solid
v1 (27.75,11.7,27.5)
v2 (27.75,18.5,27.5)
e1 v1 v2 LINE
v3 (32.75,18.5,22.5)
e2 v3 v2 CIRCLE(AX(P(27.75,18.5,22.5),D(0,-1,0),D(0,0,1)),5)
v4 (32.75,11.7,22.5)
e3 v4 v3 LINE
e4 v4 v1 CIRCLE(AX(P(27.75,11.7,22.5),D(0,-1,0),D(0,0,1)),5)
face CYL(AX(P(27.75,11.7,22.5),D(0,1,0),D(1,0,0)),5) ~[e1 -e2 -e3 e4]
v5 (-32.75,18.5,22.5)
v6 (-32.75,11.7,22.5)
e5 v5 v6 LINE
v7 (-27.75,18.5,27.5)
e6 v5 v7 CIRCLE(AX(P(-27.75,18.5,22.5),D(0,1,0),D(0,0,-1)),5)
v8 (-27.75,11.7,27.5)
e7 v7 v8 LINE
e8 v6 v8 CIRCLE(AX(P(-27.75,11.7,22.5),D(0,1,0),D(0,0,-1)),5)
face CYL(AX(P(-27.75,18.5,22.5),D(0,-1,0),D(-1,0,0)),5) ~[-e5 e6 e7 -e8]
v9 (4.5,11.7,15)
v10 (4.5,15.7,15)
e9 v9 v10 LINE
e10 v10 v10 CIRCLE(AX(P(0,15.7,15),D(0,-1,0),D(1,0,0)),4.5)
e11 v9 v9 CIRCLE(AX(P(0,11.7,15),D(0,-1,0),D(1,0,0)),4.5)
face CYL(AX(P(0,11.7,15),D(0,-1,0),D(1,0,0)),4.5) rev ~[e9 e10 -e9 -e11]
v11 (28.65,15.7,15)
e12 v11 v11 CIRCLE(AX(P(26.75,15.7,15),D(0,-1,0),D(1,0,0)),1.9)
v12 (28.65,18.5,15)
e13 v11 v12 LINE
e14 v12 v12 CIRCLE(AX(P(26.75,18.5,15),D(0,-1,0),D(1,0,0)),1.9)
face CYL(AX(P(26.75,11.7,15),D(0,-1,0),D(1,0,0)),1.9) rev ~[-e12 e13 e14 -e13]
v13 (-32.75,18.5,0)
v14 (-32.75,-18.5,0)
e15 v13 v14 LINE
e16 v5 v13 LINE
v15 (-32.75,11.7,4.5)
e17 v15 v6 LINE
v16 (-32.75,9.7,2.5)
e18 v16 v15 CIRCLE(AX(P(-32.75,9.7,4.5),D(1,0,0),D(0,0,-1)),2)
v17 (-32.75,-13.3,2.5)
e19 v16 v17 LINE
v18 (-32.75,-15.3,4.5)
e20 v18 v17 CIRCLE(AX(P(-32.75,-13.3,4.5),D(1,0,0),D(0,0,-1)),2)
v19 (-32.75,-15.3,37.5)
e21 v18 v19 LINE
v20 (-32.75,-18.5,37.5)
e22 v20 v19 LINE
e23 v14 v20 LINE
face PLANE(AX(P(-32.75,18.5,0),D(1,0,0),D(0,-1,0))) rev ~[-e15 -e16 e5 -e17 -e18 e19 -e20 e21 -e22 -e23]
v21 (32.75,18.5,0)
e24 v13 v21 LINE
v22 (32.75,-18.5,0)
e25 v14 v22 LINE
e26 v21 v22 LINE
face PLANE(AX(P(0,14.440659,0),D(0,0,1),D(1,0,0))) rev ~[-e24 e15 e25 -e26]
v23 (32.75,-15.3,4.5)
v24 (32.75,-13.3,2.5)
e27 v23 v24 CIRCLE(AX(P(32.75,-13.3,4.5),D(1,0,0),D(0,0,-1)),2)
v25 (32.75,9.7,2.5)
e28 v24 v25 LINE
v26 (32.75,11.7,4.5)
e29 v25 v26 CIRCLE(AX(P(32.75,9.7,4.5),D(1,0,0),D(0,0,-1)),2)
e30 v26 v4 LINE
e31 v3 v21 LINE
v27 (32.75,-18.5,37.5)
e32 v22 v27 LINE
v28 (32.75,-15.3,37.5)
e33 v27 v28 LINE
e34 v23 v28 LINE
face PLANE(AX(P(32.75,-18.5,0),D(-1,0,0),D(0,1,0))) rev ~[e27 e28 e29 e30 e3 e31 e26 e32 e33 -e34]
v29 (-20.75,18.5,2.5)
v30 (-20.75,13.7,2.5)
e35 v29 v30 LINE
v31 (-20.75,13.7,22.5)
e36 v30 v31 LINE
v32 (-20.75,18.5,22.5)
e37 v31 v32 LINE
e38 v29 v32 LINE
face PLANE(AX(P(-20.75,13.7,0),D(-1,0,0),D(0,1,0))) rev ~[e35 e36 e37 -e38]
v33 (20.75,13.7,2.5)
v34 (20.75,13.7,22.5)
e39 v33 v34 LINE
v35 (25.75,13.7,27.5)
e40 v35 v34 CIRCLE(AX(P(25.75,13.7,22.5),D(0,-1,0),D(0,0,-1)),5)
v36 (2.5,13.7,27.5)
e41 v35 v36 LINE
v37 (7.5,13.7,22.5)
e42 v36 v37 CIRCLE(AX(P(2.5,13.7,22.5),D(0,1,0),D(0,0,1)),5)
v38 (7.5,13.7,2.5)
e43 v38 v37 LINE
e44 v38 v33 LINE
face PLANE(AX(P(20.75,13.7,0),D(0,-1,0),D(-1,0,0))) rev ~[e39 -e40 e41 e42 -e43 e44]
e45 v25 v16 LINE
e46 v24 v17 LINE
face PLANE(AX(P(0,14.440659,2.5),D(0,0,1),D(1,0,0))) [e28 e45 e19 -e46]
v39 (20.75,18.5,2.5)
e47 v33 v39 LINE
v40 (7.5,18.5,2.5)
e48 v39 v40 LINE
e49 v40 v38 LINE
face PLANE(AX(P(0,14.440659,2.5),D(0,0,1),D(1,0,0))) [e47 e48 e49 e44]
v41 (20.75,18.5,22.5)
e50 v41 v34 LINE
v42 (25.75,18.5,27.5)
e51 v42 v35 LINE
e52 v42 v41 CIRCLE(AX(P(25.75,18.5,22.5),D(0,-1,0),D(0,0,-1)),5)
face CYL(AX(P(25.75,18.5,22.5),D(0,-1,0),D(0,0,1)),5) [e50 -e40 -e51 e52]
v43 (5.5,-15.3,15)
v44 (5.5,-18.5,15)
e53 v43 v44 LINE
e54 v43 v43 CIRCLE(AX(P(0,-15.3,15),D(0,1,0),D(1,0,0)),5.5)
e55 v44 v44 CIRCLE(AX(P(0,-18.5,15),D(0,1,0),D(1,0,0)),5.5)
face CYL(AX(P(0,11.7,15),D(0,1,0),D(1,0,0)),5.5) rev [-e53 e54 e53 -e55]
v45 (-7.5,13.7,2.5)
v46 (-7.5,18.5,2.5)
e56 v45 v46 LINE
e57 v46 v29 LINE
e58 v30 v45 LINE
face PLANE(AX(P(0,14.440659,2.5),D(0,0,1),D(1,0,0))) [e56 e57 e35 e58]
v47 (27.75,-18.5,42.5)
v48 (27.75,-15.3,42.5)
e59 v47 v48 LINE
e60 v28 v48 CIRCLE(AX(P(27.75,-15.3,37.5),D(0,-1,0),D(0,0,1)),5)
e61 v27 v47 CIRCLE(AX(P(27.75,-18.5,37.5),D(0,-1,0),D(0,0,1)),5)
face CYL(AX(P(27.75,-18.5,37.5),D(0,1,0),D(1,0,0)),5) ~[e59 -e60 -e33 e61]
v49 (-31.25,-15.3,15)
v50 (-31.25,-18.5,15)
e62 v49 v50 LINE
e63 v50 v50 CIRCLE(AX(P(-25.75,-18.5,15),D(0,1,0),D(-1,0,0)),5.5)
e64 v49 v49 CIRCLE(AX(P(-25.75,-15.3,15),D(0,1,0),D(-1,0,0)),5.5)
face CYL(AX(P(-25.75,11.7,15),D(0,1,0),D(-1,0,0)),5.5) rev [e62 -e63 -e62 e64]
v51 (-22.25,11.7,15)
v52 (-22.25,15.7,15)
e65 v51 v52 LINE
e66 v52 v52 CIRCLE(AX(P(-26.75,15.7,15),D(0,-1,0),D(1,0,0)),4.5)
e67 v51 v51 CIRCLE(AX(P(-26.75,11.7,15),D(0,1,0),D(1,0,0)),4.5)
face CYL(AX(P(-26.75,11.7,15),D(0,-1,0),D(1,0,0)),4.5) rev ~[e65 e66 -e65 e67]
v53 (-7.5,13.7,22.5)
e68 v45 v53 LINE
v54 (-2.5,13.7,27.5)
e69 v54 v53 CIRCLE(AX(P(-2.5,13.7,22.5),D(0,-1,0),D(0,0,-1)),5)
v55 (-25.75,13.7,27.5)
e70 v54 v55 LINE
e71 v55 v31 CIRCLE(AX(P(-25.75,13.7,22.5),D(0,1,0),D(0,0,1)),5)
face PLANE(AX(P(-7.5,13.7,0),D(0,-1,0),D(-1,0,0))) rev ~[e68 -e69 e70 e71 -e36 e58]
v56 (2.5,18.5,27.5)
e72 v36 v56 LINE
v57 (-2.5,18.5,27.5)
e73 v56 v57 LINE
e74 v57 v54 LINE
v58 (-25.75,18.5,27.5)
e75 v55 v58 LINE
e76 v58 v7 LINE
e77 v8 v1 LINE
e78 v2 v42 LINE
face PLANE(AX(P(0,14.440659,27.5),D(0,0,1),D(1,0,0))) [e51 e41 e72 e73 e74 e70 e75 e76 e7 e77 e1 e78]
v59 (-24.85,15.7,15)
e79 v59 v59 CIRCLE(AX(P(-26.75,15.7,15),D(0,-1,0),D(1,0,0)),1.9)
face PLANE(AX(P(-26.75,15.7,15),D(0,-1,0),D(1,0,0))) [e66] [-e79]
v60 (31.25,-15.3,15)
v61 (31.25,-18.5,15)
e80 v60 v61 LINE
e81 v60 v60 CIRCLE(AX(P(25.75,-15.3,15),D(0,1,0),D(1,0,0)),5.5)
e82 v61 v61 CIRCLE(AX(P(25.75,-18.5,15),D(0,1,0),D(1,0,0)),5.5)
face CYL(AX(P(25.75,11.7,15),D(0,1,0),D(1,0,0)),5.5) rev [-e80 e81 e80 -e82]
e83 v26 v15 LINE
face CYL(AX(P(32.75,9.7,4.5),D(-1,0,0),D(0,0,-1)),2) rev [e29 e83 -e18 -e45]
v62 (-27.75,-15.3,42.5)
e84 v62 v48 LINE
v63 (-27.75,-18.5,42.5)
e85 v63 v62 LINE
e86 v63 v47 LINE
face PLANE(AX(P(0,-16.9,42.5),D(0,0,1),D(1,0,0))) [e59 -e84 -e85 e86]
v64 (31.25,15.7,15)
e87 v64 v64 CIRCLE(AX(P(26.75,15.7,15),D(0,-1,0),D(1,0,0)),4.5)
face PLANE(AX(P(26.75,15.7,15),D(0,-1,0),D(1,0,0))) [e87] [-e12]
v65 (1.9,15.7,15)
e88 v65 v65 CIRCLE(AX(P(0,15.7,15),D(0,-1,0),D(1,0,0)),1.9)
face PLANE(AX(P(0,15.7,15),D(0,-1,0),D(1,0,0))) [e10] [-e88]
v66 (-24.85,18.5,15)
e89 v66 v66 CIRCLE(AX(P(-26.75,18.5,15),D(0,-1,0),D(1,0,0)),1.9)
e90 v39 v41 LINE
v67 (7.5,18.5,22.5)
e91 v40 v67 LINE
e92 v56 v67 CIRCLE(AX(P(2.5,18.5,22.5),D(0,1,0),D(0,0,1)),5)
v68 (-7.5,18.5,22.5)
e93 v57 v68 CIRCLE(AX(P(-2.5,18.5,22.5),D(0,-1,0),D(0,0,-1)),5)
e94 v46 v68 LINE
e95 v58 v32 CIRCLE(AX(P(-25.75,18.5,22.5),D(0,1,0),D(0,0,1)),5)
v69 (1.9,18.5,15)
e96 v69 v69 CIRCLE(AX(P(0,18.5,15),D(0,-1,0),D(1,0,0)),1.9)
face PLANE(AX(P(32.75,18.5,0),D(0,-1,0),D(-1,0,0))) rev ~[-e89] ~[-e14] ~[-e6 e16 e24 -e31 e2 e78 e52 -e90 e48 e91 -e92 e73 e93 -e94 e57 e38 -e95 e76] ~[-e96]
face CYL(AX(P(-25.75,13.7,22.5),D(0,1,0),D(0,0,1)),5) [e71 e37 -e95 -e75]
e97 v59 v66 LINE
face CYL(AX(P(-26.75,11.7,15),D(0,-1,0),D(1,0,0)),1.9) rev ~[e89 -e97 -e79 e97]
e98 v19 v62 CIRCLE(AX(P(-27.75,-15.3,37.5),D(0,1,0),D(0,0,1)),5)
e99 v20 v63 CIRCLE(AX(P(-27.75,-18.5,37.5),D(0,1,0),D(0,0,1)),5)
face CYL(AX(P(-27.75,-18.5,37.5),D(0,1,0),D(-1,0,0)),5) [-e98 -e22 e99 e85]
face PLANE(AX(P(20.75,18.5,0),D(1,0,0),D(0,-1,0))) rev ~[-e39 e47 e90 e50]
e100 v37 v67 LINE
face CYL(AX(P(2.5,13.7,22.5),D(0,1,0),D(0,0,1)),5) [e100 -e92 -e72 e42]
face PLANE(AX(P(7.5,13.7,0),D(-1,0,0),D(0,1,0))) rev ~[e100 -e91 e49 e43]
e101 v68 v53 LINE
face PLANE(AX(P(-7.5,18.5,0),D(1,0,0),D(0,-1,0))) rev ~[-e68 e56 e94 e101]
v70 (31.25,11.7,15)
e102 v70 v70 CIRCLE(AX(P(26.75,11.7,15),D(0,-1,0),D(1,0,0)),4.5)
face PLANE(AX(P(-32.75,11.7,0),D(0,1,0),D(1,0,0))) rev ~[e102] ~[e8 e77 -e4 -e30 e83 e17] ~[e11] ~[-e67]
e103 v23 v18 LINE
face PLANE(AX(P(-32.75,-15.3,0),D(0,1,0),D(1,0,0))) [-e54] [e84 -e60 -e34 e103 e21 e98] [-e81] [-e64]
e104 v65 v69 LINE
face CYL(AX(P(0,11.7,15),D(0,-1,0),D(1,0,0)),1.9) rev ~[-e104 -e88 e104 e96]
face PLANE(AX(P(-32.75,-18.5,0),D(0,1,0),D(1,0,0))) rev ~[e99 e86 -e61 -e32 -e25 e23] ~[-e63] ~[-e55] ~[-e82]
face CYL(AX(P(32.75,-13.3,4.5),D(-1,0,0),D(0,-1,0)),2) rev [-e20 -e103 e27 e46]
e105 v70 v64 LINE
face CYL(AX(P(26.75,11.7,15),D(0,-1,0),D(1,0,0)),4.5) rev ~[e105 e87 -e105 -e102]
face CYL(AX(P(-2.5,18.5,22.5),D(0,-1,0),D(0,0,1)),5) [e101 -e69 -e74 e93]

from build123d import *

# Parameters (mm, degrees)
F0_W     = 13.25
F0_H     = 4.8
F0_W_2   = 65.5
F0_H_2   = 27
F0_H_3   = 3.2
F1_DEPTH = 2.5
F2_DEPTH = 27.5
F3_DEPTH = 42.5
F4_R     = 1.9
F5_DEPTH = 6.801
F4_R_2   = 4.5
F6_DEPTH = 4
F4_R_3   = 5.5
F7_DEPTH = 30.201
F8_R     = 5
F9_R     = 2


with BuildPart() as f1:
    # F0 (on Top) → F1 (new body)
    with BuildSketch(Plane.XY):
        Polygon((-20.75, 18.5), (-32.75, 18.5), (-32.75, 11.7), (32.75, 11.7), (32.75, 18.5), (20.75, 18.5), (20.75, 13.7), (7.5, 13.7), (7.5, 18.5), (-7.5, 18.5), (-7.5, 13.7), (-20.75, 13.7), align=None)
        with Locations((-14.125, 16.1)):
            Rectangle(F0_W, F0_H)
        with Locations((0, -1.8)):
            Rectangle(F0_W_2, F0_H_2)
        with Locations((0, -16.9)):
            Rectangle(F0_W_2, F0_H_3)
        with Locations((14.125, 16.1)):
            Rectangle(F0_W, F0_H)
    extrude(amount=F1_DEPTH)

    # F0 (on Top) → F2 (join)
    with BuildSketch(Plane.XY):
        Polygon((-20.75, 18.5), (-32.75, 18.5), (-32.75, 11.7), (32.75, 11.7), (32.75, 18.5), (20.75, 18.5), (20.75, 13.7), (7.5, 13.7), (7.5, 18.5), (-7.5, 18.5), (-7.5, 13.7), (-20.75, 13.7), align=None)
    extrude(amount=F2_DEPTH)

    # F0 (on Top) → F3 (join)
    with BuildSketch(Plane.XY):
        with Locations((0, -16.9)):
            Rectangle(F0_W_2, F0_H_3)
    extrude(amount=F3_DEPTH)

    # F4 (on face) → F5 (cut, through all)
    with BuildSketch(Plane.XZ.offset(-11.7)):
        with Locations((-26.75, 15)):
            Circle(F4_R)
        with Locations((0, 15)):
            Circle(F4_R)
        with Locations((26.75, 15)):
            Circle(F4_R)
    extrude(amount=-F5_DEPTH, mode=Mode.SUBTRACT)

    # F4 (on face) → F6 (cut)
    with BuildSketch(Plane.XZ.offset(-11.7)):
        with BuildLine():
            ThreePointArc((-31.25, 15), (-26.75, 10.5), (-22.25, 15))
            ThreePointArc((-22.25, 15), (-26.75, 19.5), (-31.25, 15))
        make_face()
        with Locations((-26.75, 15)):
            Circle(F4_R, mode=Mode.SUBTRACT)
        with Locations((26.75, 15)):
            Circle(F4_R_2)
        with Locations((26.75, 15)):
            Circle(F4_R, mode=Mode.SUBTRACT)
        with Locations((0, 15)):
            Circle(F4_R_2)
        with Locations((0, 15)):
            Circle(F4_R, mode=Mode.SUBTRACT)
    extrude(amount=-F6_DEPTH, mode=Mode.SUBTRACT)

    # F4 (on face) → F7 (cut, through all)
    with BuildSketch(Plane.XZ.offset(-11.7)):
        with Locations((25.75, 15)):
            Circle(F4_R_3)
        with Locations((26.75, 15)):
            Circle(F4_R_2, mode=Mode.SUBTRACT)
        with Locations((0, 15)):
            Circle(F4_R_3)
        with Locations((0, 15)):
            Circle(F4_R_2, mode=Mode.SUBTRACT)
        with BuildLine():
            ThreePointArc((-20.25, 15), (-25.75, 20.5), (-31.25, 15))
            ThreePointArc((-31.25, 15), (-25.75, 9.5), (-20.25, 15))
        make_face()
        with BuildLine():
            ThreePointArc((-31.25, 15), (-26.75, 19.5), (-22.25, 15))
            ThreePointArc((-22.25, 15), (-26.75, 10.5), (-31.25, 15))
        make_face(mode=Mode.SUBTRACT)
        with Locations((26.75, 15)):
            Circle(F4_R_2)
        with Locations((26.75, 15)):
            Circle(F4_R, mode=Mode.SUBTRACT)
        with Locations((0, 15)):
            Circle(F4_R_2)
        with Locations((0, 15)):
            Circle(F4_R, mode=Mode.SUBTRACT)
        with BuildLine():
            ThreePointArc((-31.25, 15), (-26.75, 10.5), (-22.25, 15))
            ThreePointArc((-22.25, 15), (-26.75, 19.5), (-31.25, 15))
        make_face()
        with Locations((-26.75, 15)):
            Circle(F4_R, mode=Mode.SUBTRACT)
        with Locations((26.75, 15)):
            Circle(F4_R)
        with Locations((0, 15)):
            Circle(F4_R)
        with Locations((-26.75, 15)):
            Circle(F4_R)
    extrude(amount=F7_DEPTH, mode=Mode.SUBTRACT)

    # F8
    f8_edges = [f1.edges().sort_by_distance(p)[0] for p in [
        (-32.75, 15.1, 27.5),
        (32.75, 15.1, 27.5),
        (20.75, 16.1, 27.5),
        (7.5, 16.1, 27.5),
        (-7.5, 16.1, 27.5),
        (-20.75, 16.1, 27.5),
        (32.75, -16.9, 42.5),
        (-32.75, -16.9, 42.5),
    ]]
    fillet(f8_edges, radius=F8_R)

    # F9
    f9_edges = [f1.edges().sort_by_distance(p)[0] for p in [
        (0, -15.3, 2.5),
        (0, 11.7, 2.5),
    ]]
    fillet(f9_edges, radius=F9_R)


solid = f1.part
